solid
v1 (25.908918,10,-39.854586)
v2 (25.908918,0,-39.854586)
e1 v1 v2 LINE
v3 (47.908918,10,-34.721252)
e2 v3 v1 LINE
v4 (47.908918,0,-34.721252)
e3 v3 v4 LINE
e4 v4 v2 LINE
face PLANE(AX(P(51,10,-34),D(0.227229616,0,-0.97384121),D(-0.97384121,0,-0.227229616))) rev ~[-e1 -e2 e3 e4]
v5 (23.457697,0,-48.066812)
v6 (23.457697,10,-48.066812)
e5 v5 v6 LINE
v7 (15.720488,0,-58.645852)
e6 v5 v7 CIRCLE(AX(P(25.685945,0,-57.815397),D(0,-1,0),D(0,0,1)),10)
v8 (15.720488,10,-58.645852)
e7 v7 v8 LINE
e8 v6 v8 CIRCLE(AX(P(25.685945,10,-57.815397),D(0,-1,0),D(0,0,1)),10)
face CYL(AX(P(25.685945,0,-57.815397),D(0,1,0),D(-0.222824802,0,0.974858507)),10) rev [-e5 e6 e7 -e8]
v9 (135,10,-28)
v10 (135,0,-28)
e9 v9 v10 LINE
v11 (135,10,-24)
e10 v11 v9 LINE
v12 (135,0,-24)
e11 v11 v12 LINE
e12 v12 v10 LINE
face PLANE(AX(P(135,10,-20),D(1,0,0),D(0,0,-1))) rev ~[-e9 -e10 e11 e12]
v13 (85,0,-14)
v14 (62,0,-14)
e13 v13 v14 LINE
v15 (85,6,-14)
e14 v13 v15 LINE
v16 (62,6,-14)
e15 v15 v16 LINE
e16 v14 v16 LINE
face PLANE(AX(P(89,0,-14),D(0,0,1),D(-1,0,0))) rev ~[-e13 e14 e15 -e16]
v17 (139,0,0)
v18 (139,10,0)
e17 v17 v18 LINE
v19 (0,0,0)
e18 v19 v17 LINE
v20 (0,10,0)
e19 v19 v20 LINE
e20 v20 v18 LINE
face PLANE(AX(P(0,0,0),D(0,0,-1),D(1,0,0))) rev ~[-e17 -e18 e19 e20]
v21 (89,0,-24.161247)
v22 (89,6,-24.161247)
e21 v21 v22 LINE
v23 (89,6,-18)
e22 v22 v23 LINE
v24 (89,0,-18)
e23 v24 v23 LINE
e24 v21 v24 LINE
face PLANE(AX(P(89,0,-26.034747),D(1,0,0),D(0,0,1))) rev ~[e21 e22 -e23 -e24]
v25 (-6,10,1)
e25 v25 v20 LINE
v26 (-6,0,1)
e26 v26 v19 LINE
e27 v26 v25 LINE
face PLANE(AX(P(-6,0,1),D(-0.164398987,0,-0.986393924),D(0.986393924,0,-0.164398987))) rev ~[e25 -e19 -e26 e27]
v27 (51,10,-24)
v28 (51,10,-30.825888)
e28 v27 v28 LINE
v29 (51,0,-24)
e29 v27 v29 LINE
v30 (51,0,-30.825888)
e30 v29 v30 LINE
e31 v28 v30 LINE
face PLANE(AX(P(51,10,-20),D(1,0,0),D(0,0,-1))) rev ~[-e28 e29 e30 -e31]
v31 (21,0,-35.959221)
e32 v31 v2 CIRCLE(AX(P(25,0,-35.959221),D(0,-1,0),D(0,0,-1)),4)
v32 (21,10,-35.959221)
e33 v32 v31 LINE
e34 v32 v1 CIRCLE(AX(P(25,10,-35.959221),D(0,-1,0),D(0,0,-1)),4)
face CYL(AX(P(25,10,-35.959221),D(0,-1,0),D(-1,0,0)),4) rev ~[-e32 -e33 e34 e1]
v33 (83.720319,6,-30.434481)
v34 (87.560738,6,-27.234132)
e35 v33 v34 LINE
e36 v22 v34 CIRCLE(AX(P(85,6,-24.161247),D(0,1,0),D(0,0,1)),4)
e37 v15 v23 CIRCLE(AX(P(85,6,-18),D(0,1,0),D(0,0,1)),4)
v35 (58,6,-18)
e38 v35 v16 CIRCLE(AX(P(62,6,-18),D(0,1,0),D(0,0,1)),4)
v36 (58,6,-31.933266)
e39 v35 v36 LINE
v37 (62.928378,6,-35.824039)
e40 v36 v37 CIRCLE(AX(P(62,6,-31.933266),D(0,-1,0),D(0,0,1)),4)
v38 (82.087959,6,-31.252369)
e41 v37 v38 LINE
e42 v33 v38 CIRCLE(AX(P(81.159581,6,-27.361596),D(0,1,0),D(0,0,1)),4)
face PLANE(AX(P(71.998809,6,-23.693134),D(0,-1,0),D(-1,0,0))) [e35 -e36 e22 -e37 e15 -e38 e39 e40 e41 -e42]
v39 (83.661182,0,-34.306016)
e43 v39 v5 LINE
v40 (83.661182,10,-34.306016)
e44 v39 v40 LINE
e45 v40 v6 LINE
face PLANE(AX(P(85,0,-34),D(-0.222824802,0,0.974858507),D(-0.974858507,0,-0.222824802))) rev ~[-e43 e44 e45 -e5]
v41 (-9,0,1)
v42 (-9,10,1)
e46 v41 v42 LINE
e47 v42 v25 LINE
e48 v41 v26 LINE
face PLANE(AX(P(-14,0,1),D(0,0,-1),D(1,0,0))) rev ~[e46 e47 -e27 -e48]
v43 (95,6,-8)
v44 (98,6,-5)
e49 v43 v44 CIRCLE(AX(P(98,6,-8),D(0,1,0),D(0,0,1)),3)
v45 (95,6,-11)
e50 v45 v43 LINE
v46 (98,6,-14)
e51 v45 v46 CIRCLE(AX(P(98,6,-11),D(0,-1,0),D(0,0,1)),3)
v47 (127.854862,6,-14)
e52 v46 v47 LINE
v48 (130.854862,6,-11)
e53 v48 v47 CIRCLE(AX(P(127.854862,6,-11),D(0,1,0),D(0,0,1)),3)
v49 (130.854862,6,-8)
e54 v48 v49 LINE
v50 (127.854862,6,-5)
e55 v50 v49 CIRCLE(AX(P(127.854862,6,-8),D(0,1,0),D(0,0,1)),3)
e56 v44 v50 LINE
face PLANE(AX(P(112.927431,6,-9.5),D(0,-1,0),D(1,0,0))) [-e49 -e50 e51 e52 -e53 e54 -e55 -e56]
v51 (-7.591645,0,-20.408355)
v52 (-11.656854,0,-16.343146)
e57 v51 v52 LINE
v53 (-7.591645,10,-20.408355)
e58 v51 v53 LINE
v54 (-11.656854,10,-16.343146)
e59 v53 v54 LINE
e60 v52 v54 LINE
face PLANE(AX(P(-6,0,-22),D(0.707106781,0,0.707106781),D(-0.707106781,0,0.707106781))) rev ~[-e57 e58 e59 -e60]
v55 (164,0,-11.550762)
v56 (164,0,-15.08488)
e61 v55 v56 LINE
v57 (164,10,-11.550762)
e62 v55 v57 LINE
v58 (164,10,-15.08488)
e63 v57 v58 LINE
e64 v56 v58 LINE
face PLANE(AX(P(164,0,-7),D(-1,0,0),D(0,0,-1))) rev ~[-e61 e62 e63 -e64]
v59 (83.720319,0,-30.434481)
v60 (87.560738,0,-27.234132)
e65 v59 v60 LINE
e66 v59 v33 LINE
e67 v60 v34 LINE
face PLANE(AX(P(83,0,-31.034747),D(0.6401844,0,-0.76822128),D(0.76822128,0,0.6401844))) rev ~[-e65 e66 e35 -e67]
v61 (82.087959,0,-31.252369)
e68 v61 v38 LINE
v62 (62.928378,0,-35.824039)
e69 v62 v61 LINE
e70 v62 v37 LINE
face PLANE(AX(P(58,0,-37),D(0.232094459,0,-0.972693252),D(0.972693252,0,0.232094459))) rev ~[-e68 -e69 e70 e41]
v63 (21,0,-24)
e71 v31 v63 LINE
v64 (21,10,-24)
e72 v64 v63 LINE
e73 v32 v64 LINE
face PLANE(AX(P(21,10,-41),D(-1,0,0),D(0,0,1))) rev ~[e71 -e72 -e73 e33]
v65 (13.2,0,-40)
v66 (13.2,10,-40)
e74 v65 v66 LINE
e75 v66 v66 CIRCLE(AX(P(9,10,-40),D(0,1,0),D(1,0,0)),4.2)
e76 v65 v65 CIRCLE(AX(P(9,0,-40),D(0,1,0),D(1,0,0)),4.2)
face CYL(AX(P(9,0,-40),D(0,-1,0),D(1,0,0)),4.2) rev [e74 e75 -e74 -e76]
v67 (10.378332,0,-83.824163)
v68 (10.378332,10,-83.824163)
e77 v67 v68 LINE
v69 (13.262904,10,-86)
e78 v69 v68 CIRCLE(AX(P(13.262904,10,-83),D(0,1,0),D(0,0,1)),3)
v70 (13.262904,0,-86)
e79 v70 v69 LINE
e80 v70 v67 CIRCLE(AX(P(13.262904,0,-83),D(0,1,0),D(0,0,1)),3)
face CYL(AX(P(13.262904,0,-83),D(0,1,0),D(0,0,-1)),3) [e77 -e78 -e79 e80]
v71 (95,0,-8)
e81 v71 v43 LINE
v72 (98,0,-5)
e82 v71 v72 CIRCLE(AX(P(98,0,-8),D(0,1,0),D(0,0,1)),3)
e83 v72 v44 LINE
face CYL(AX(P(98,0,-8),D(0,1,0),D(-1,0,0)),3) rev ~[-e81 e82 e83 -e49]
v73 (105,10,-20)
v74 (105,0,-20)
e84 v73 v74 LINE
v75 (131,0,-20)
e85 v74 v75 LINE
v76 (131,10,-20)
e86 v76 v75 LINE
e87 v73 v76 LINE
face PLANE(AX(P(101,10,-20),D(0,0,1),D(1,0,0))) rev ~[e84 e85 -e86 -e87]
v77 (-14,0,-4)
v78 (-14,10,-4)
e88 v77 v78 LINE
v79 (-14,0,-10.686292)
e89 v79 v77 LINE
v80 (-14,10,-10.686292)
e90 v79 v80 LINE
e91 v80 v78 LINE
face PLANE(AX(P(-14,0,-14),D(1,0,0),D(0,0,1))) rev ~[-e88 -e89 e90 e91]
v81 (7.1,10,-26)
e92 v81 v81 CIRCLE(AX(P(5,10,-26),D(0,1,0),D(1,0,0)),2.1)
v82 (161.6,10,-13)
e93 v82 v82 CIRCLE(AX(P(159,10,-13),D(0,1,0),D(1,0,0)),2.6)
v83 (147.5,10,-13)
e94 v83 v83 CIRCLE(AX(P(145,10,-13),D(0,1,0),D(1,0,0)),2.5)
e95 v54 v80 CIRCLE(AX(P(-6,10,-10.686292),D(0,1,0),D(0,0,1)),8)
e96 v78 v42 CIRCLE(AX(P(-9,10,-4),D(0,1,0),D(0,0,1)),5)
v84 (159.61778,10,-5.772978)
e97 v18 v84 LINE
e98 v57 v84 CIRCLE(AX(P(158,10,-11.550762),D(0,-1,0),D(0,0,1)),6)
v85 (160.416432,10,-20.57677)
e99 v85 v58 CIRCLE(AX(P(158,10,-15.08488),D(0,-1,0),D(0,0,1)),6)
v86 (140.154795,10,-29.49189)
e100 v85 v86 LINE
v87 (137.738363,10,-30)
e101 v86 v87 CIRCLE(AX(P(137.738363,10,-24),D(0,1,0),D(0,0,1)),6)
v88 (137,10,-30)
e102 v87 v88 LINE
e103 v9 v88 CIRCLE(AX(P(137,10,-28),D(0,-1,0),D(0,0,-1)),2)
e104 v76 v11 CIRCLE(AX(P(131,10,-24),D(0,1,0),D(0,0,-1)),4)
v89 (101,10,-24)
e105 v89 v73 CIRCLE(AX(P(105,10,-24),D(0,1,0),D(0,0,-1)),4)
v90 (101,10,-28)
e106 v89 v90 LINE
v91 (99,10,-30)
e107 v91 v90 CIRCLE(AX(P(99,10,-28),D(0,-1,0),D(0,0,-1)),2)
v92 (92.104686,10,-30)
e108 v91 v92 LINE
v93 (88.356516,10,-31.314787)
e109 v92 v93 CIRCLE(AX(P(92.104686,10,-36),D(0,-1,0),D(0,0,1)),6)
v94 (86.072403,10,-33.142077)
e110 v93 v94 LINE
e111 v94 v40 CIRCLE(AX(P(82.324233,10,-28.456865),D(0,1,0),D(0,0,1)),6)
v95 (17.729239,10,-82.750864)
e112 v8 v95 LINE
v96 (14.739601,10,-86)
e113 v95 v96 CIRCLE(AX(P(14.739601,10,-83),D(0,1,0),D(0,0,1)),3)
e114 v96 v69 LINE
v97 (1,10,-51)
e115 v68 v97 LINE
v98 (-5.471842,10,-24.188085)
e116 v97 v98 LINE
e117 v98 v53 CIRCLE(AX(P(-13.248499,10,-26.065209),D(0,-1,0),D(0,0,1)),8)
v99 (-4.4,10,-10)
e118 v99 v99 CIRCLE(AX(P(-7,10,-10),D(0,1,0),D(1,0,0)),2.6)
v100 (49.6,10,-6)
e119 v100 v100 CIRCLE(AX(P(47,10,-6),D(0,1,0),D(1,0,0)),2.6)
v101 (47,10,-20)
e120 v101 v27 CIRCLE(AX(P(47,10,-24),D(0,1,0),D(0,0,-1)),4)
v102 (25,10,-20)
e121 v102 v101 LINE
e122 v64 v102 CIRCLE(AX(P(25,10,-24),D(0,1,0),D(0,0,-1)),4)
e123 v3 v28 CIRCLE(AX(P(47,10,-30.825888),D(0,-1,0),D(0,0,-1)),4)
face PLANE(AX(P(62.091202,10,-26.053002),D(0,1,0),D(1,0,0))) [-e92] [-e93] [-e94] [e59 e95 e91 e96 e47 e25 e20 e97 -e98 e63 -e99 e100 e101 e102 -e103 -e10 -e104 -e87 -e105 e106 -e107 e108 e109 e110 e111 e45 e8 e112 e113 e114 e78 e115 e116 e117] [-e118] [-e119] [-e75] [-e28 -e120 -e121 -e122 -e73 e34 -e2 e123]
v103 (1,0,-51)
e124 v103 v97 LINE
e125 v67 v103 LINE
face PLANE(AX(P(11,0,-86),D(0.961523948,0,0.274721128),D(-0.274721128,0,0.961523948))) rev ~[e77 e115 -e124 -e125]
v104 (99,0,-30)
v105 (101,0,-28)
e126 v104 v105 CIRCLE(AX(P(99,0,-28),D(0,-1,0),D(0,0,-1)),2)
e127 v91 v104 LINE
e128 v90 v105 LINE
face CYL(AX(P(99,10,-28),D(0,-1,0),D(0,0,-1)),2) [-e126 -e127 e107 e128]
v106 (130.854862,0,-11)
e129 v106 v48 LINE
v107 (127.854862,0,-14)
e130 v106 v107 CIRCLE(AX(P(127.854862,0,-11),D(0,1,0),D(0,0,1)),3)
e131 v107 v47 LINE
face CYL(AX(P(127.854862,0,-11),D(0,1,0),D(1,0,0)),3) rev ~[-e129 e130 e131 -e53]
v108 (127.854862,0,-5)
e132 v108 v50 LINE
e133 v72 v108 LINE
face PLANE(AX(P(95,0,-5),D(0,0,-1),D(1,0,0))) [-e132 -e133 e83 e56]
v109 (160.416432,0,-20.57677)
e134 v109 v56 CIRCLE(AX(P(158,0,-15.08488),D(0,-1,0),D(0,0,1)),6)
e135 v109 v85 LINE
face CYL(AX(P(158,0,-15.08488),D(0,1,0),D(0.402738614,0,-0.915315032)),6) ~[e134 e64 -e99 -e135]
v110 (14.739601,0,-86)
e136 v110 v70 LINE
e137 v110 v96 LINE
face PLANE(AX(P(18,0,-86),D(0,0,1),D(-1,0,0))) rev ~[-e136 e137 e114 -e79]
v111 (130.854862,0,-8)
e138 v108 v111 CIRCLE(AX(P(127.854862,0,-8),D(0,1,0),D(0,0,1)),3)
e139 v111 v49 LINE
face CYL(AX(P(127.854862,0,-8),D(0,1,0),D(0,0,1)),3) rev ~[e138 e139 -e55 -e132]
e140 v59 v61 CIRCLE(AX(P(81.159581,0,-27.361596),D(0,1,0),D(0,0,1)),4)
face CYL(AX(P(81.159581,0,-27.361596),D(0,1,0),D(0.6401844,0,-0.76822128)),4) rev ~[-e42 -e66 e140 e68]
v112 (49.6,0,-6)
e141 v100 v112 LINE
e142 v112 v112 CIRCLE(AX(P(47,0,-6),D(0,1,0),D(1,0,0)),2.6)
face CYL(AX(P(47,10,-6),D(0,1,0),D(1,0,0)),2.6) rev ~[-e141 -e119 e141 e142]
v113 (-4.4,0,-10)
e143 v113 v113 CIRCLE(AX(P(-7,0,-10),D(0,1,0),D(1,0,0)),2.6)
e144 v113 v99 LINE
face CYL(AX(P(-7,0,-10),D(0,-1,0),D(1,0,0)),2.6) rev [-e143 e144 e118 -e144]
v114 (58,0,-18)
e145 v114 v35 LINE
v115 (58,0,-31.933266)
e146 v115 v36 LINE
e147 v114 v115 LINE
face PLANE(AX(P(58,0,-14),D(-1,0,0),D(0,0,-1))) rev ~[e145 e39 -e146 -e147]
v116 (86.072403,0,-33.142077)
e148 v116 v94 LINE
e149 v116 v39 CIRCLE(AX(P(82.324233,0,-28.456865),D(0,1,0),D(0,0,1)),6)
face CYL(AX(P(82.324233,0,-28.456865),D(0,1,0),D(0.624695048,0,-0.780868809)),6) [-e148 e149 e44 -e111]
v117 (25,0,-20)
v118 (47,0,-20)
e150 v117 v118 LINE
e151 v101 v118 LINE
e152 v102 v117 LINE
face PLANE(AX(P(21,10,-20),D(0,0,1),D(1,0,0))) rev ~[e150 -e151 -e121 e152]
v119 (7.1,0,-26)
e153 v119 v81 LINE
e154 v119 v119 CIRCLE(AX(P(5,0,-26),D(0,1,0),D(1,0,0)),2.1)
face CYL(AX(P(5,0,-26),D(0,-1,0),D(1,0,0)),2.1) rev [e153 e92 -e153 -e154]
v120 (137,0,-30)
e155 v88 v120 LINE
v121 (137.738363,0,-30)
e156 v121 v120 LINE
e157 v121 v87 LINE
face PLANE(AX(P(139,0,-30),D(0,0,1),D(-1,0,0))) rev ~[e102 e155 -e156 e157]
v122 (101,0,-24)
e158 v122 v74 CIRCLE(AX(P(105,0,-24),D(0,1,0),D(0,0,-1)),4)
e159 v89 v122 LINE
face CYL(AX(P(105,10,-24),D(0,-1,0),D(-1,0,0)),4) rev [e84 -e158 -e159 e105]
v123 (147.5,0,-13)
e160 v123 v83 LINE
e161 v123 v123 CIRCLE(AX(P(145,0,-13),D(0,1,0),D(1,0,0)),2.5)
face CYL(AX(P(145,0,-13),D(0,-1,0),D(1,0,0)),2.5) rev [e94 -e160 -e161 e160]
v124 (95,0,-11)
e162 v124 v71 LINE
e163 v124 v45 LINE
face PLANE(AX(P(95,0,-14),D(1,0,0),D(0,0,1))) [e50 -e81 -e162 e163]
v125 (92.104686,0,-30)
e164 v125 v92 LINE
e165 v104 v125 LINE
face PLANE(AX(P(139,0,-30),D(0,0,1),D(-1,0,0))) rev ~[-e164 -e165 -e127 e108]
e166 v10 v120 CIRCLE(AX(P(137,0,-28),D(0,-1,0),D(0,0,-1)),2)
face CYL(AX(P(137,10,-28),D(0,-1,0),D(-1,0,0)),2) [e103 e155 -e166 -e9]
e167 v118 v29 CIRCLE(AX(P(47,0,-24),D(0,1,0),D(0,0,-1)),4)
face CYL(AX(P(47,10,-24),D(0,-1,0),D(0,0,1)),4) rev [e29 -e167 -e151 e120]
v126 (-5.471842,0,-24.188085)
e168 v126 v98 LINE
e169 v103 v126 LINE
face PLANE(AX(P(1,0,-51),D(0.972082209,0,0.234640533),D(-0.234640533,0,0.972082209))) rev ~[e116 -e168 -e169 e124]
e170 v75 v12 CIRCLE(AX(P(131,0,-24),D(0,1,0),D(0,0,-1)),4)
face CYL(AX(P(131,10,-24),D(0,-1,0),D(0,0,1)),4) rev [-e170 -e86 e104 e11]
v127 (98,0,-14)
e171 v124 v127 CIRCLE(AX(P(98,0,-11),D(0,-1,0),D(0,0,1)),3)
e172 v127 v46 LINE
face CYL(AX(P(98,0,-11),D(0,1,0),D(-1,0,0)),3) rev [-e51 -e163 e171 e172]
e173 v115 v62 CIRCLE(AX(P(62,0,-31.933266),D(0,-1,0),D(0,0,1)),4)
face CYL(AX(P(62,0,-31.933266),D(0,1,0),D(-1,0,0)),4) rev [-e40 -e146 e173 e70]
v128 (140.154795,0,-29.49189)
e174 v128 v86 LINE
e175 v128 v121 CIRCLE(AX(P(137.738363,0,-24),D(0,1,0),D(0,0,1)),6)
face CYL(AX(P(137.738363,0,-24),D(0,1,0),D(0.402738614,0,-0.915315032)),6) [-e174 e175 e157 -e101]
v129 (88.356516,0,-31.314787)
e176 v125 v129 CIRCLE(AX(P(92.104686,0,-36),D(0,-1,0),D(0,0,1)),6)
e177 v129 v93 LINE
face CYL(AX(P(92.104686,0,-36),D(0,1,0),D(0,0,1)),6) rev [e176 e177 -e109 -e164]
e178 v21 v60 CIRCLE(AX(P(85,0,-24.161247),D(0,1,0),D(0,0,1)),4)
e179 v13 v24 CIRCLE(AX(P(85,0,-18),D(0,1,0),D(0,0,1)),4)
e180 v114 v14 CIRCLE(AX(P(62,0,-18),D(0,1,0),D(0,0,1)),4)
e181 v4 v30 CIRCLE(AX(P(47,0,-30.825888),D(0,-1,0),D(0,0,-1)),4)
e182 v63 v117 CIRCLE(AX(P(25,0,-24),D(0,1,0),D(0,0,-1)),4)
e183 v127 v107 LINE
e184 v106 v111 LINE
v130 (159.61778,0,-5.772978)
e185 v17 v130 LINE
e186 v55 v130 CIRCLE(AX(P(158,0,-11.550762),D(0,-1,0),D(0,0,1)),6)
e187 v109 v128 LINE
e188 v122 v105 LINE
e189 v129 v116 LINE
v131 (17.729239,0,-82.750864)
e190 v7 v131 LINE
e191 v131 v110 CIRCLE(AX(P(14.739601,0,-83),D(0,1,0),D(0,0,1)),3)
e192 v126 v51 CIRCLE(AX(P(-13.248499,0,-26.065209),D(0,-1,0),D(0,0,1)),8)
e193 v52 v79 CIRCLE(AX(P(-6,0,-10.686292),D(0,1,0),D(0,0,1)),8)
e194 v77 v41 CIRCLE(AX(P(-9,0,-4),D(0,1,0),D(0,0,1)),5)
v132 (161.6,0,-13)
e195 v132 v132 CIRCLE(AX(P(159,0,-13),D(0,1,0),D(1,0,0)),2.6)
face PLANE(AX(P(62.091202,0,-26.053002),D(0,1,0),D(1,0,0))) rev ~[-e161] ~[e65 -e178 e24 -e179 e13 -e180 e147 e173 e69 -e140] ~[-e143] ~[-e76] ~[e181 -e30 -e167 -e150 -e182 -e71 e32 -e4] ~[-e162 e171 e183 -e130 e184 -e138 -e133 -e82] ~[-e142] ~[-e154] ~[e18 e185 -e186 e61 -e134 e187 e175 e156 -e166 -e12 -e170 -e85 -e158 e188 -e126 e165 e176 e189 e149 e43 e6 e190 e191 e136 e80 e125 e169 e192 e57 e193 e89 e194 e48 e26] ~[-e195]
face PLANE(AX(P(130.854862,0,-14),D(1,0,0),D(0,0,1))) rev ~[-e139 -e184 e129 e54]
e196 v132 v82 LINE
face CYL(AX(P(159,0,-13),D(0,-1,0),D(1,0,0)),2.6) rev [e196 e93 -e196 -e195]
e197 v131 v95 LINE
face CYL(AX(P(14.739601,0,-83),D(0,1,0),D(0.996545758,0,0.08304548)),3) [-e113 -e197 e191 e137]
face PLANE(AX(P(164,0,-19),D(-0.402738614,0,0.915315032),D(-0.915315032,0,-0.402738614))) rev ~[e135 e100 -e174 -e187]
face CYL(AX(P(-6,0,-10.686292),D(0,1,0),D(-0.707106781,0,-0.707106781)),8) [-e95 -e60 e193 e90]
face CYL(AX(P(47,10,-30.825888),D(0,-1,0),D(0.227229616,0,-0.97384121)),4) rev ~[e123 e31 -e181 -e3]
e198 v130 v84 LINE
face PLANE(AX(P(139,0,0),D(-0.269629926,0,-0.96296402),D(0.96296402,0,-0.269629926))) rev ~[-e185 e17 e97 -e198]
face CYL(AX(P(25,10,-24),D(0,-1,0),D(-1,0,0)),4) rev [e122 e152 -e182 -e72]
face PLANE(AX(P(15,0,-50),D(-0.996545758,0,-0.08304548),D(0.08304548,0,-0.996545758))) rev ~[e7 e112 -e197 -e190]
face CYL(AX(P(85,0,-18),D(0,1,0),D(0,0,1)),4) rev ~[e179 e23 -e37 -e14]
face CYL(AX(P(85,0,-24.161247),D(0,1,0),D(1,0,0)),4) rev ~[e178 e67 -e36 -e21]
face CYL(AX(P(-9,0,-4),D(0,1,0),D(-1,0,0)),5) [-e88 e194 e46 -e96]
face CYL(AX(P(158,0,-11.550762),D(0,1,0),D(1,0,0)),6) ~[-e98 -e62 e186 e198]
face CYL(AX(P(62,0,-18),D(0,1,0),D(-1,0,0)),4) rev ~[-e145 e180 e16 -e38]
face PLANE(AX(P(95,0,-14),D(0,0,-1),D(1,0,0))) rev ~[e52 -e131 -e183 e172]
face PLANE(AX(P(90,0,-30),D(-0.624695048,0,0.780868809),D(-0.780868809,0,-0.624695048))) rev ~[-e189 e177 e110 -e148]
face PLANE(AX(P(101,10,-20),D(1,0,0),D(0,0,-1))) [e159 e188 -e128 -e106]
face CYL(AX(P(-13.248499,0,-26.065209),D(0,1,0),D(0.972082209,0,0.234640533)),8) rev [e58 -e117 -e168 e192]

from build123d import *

# Parameters (mm, degrees)
SKETCH1_R           = 2.6
SKETCH1_R_2         = 2.1
SKETCH1_R_3         = 4.2
SKETCH1_R_4         = 2.5
BOSS_EXTRUDE1_DEPTH = 10
FILLET2_R           = 6
FILLET3_R           = 3
CUT_EXTRUDE1_DEPTH  = 11
SKETCH7_R           = 2.6
CUT_EXTRUDE4_DEPTH  = 11
FILLET8_R           = 5
FILLET9_R           = 4
SKETCH10_W          = 34
SKETCH10_H          = 10
CUT_EXTRUDE6_DEPTH  = 11
FILLET10_R          = 4
CUT_EXTRUDE7_DEPTH  = 6
FILLET14_R          = 6
FILLET15_R          = 2
FILLET16_R          = 10
FILLET17_R          = 8
FILLET18_R          = 4
SKETCH13_W          = 35.854861743
SKETCH13_H          = 9
CUT_EXTRUDE8_DEPTH  = 6
FILLET19_R          = 3


with BuildPart() as part:
    # Sketch1 → Boss-Extrude1 (new body)
    with BuildSketch(Plane(origin=(0, 0, 0), x_dir=(1, 0, 0), z_dir=(0, 1, 0))):
        Polygon((164, 19), (139, 30), (90, 30), (85, 34), (15, 50), (18, 86), (11, 86), (1, 51), (-6, 22), (-14, 14), (-14, 2), (-14, -1), (-6, -1), (0, 0), (139, 0), (164, 7), align=None)
        with Locations((-7, 10)):
            Circle(SKETCH1_R, mode=Mode.SUBTRACT)
        with Locations((159, 13)):
            Circle(SKETCH1_R, mode=Mode.SUBTRACT)
        with Locations((5, 26)):
            Circle(SKETCH1_R_2, mode=Mode.SUBTRACT)
        with Locations((9, 40)):
            Circle(SKETCH1_R_3, mode=Mode.SUBTRACT)
        with Locations((145, 13)):
            Circle(SKETCH1_R_4, mode=Mode.SUBTRACT)
    extrude(amount=BOSS_EXTRUDE1_DEPTH)

    # Fillet2
    fillet2_edges = [part.edges().sort_by_distance(p)[0] for p in [
        (139, 5, -30),
        (164, 5, -19),
        (164, 5, -7),
    ]]
    fillet(fillet2_edges, radius=FILLET2_R)

    # Fillet3
    fillet3_edges = [part.edges().sort_by_distance(p)[0] for p in [
        (11, 5, -86),
        (18, 5, -86),
    ]]
    fillet(fillet3_edges, radius=FILLET3_R)

    # Sketch4 → Cut-Extrude1 (cut, through all)
    with BuildSketch(Plane(origin=(0, 10, 0), x_dir=(1, 0, 0), z_dir=(0, 1, 0))):
        Polygon((21, 41), (21, 20), (51, 20), (51, 34), align=None)
    extrude(amount=-CUT_EXTRUDE1_DEPTH, mode=Mode.SUBTRACT)

    # Sketch7 → Cut-Extrude4 (cut, through all)
    with BuildSketch(Plane(origin=(0, 10, 0), x_dir=(1, 0, 0), z_dir=(0, 1, 0))):
        with Locations((47, 6)):
            Circle(SKETCH7_R)
    extrude(amount=-CUT_EXTRUDE4_DEPTH, mode=Mode.SUBTRACT)

    # Fillet8
    fillet8_edges = [part.edges().sort_by_distance(p)[0] for p in [
        (-14, 5, 1),
    ]]
    fillet(fillet8_edges, radius=FILLET8_R)

    # Fillet9
    fillet9_edges = [part.edges().sort_by_distance(p)[0] for p in [
        (21, 5, -41),
        (51, 5, -34),
        (51, 5, -20),
        (21, 5, -20),
    ]]
    fillet(fillet9_edges, radius=FILLET9_R)

    # Sketch10 → Cut-Extrude6 (cut, through all)
    with BuildSketch(Plane(origin=(0, 10, 0), x_dir=(1, 0, 0), z_dir=(0, 1, 0))):
        with Locations((118, 25)):
            Rectangle(SKETCH10_W, SKETCH10_H)
    extrude(amount=-CUT_EXTRUDE6_DEPTH, mode=Mode.SUBTRACT)

    # Fillet10
    fillet10_edges = [part.edges().sort_by_distance(p)[0] for p in [
        (135, 5, -20),
        (101, 5, -20),
    ]]
    fillet(fillet10_edges, radius=FILLET10_R)

    # Sketch12 → Cut-Extrude7 (cut)
    with BuildSketch(Plane(origin=(0, 0, 0), x_dir=(1, 0, 0), z_dir=(0, 1, 0))):
        Polygon((58, 37), (83, 31.034746853), (89, 26.034746853), (89, 14), (58, 14), align=None)
    extrude(amount=CUT_EXTRUDE7_DEPTH, mode=Mode.SUBTRACT)

    # Fillet14
    fillet14_edges = [part.edges().sort_by_distance(p)[0] for p in [
        (85, 5, -34),
        (90, 5, -30),
    ]]
    fillet(fillet14_edges, radius=FILLET14_R)

    # Fillet15
    fillet15_edges = [part.edges().sort_by_distance(p)[0] for p in [
        (101, 5, -30),
        (135, 5, -30),
    ]]
    fillet(fillet15_edges, radius=FILLET15_R)

    # Fillet16
    fillet16_edges = [part.edges().sort_by_distance(p)[0] for p in [
        (15, 5, -50),
    ]]
    fillet(fillet16_edges, radius=FILLET16_R)

    # Fillet17
    fillet17_edges = [part.edges().sort_by_distance(p)[0] for p in [
        (-14, 5, -14),
        (-6, 5, -22),
    ]]
    fillet(fillet17_edges, radius=FILLET17_R)

    # Fillet18
    fillet18_edges = [part.edges().sort_by_distance(p)[0] for p in [
        (58, 3, -37),
        (58, 3, -14),
        (89, 3, -14),
        (89, 3, -26.034746853),
        (83, 3, -31.034746853),
    ]]
    fillet(fillet18_edges, radius=FILLET18_R)

    # Sketch13 → Cut-Extrude8 (cut)
    with BuildSketch(Plane.XZ):
        with Locations((112.927430872, -9.5)):
            Rectangle(SKETCH13_W, SKETCH13_H)
    extrude(amount=-CUT_EXTRUDE8_DEPTH, mode=Mode.SUBTRACT)

    # Fillet19
    fillet19_edges = [part.edges().sort_by_distance(p)[0] for p in [
        (130.854861743, 3, -5),
        (130.854861743, 3, -14),
        (95, 3, -14),
        (95, 3, -5),
    ]]
    fillet(fillet19_edges, radius=FILLET19_R)


solid = part.part
